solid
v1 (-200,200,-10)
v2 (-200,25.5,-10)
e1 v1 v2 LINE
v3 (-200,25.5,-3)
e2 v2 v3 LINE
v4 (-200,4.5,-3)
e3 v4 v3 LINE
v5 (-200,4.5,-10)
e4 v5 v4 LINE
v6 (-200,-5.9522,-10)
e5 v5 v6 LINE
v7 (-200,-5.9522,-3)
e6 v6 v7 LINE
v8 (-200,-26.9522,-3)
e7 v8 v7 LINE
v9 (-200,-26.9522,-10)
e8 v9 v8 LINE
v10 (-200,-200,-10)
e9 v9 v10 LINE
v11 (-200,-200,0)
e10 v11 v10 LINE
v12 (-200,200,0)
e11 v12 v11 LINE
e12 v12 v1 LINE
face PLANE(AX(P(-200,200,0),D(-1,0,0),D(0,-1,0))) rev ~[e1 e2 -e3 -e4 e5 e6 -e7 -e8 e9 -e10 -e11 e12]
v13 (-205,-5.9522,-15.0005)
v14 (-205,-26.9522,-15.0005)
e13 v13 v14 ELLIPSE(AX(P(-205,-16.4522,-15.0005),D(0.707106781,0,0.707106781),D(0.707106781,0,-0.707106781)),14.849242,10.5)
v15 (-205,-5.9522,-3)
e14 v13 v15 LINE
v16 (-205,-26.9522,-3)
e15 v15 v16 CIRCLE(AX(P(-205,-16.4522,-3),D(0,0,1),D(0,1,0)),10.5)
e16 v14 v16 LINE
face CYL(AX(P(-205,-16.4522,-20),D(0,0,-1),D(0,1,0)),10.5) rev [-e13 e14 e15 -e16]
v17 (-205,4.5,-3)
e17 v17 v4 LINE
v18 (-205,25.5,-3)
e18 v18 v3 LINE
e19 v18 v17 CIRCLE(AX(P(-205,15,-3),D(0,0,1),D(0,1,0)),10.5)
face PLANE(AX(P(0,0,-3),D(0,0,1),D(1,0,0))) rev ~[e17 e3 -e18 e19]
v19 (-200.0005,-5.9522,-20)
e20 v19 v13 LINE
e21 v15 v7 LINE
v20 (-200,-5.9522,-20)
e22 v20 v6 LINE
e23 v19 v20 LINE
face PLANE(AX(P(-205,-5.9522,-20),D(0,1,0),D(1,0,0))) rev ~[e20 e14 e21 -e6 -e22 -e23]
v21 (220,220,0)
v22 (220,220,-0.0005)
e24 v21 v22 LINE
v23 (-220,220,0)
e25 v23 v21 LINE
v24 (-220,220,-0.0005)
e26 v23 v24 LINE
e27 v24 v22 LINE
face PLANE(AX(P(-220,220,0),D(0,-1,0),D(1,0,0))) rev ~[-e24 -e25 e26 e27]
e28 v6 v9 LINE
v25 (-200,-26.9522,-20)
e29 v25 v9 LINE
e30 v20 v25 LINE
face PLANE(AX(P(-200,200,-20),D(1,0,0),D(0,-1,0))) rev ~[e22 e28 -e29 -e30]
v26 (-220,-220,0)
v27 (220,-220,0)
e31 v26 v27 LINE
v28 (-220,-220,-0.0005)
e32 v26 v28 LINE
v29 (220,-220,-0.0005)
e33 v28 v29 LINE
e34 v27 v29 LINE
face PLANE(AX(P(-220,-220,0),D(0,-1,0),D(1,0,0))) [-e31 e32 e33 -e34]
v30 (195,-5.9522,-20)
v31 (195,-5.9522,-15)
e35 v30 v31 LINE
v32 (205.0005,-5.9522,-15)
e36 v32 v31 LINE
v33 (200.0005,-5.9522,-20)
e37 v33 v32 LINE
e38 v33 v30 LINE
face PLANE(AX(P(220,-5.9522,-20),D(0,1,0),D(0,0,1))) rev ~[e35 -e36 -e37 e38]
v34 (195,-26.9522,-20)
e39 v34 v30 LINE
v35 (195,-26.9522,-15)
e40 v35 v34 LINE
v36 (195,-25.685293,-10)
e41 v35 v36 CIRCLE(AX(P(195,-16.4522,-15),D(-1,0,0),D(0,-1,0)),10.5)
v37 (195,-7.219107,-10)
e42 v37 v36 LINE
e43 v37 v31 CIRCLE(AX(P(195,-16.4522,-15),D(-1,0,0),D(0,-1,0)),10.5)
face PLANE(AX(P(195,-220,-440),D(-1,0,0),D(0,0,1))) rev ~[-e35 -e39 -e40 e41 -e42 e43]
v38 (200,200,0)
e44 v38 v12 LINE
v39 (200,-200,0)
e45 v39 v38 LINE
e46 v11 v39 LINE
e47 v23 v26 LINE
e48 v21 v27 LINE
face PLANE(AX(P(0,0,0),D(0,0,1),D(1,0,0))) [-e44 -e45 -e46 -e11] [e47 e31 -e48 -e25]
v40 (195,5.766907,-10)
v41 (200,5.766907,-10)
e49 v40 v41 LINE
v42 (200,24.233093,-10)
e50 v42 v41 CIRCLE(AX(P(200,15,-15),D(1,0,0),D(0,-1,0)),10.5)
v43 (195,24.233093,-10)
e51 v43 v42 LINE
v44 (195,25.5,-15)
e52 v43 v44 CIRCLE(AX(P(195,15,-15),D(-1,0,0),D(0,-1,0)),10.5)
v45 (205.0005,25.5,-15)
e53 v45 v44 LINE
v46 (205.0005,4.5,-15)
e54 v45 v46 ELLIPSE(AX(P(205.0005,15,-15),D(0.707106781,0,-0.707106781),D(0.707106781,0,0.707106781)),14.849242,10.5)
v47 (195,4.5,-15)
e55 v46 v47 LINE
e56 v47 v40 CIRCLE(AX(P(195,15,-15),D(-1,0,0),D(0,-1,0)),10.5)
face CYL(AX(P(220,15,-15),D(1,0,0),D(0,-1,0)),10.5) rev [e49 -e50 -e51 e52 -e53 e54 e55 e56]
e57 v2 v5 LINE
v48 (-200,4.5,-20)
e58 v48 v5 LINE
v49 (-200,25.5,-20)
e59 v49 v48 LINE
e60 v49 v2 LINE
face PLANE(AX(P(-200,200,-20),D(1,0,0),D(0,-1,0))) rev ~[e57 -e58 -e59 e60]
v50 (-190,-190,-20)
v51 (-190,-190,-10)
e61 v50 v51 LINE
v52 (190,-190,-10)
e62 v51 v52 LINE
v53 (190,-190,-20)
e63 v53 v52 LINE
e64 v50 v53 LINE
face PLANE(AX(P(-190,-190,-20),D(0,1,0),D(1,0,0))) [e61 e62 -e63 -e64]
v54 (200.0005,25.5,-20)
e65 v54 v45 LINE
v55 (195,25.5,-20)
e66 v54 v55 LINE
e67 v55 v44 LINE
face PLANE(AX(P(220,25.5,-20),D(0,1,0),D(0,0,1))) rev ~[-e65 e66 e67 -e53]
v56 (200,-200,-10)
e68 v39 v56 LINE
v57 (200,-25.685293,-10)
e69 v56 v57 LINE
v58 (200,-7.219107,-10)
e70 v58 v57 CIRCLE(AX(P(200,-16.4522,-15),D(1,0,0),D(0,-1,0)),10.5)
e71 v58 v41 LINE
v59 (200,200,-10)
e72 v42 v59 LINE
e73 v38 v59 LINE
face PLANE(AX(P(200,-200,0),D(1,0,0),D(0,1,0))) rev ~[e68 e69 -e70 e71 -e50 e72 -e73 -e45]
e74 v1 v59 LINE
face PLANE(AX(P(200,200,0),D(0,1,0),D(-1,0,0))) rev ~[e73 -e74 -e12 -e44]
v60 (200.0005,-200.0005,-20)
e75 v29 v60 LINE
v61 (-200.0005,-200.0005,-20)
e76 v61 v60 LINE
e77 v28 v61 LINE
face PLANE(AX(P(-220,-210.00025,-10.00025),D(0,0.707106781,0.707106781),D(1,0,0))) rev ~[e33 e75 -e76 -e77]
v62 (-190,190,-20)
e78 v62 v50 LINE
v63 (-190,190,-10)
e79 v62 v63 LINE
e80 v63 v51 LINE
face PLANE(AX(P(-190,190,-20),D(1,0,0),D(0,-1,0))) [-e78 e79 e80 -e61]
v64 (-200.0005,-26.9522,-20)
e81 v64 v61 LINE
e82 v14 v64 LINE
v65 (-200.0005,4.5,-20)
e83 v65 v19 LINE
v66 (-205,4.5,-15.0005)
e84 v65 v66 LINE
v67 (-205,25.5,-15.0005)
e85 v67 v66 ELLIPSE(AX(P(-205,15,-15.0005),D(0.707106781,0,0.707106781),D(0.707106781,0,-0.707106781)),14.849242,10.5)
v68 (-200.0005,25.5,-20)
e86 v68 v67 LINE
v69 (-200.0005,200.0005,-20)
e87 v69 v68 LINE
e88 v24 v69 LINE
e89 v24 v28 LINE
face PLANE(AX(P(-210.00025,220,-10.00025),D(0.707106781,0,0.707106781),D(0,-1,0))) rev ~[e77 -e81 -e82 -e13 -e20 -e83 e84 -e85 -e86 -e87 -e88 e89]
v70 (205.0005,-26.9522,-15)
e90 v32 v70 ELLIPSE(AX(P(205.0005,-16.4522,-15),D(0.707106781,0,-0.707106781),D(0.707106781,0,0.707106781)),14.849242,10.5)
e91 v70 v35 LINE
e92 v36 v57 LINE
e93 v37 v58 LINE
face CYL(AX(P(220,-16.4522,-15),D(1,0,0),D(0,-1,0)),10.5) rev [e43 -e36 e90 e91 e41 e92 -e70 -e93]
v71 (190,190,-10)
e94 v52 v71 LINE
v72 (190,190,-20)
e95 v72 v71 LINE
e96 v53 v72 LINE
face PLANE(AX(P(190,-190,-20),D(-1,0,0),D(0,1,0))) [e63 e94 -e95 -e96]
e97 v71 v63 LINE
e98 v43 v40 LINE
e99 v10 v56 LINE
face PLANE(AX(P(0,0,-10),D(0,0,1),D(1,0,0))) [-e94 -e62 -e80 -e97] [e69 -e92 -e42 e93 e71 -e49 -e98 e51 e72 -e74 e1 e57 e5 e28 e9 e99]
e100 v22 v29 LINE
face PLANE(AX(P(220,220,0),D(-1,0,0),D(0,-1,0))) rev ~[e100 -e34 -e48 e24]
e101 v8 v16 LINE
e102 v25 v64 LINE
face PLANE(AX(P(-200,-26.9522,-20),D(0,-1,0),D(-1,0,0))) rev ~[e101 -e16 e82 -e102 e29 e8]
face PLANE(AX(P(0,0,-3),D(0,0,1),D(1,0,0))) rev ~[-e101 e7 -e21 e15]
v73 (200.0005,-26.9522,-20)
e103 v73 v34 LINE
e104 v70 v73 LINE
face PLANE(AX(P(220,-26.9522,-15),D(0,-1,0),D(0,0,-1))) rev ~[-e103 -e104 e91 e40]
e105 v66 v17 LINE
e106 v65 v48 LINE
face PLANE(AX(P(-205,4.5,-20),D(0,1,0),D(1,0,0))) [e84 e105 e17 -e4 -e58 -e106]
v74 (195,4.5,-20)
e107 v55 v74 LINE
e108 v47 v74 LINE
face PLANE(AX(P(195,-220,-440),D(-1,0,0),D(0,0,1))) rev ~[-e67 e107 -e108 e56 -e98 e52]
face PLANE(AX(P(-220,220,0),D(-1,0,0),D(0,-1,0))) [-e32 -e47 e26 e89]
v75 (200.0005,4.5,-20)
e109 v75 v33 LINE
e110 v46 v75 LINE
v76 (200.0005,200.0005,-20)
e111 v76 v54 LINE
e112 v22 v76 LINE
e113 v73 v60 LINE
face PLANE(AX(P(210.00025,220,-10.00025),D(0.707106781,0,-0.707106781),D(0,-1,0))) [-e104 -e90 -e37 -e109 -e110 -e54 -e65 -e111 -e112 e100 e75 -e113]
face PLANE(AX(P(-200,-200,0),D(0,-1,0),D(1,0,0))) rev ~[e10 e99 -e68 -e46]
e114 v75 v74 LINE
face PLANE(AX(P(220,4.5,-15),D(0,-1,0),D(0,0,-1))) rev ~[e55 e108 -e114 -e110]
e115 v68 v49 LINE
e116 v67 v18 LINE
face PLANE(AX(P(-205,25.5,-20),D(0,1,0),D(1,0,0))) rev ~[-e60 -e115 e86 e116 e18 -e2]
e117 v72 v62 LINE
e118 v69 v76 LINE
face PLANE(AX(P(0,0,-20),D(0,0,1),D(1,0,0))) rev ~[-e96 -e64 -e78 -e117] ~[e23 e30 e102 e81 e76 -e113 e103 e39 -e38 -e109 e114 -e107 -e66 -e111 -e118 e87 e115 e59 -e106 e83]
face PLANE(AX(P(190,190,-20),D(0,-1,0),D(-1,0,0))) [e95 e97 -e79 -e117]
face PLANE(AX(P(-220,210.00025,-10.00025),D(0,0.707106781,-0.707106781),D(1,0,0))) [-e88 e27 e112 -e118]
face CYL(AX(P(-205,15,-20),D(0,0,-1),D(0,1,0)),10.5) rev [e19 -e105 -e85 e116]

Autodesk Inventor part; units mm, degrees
ref_plane "YZ Plane" through (0, 0, 0) normal (1, 0, 0) x (0, 1, 0)
ref_plane "XZ Plane" through (0, 0, 0) normal (0, 1, 0) x (-1, 0, 0)
ref_plane "XY Plane" through (0, 0, 0) normal (0, 0, 1) x (1, 0, 0)
sketch "Skizze1" plane through (0, 0, 0) normal (0, 0, 1) x (1, 0, 0)
  line L0 (-220, -220) -> (220, -220) projected
  line L1 (220, 220) -> (220, -220) projected
  line L2 (-220, 220) -> (-220, -220) projected
  line L3 (-220, 220) -> (220, 220) projected
  line L4 (200, 200) -> (-200, 200) projected
  line L5 (-200, 200) -> (-200, -200) projected
  line L6 (-200, -200) -> (200, -200) projected
  line L7 (200, -200) -> (200, 200) projected
  line L8 (220, -220) -> (-220, -220)
  line L9 (-220, -220) -> (-220, 220)
  line L10 (-220, 220) -> (220, 220)
  line L11 (220, 220) -> (220, -220)
  line L12 (200, -200) -> (-200, -200)
  line L13 (-200, -200) -> (-200, 200)
  line L14 (-200, 200) -> (200, 200)
  line L15 (200, 200) -> (200, -200)
  point P0 (0, 0)
extrude "Extrusion1" add sketch "Skizze1" against normal blind 20
chamfer "Fase1" distance 20 angle 45 4 edges at (220, 0, -20) (0, 220, -20) (0, -220, -20) (-220, 0, -20)
ref_plane "Arbeitsebene1" through (0, 0, -20) normal (0, 0, 1) x (1, 0, 0)
sketch "Skizze3" plane through (0, 0, -20) normal (0, 0, 1) x (1, 0, 0)
  arc A0 (-205, 25.5) -> (-205, 4.5) centre (-205, 15) ccw projected
  arc A1 (-205, 25.5) -> (-205, 4.5) centre (-205, 15) ccw projected
  arc A2 (-205, -5.9522) -> (-205, -26.9522) centre (-205, -16.4522) ccw projected
  arc A3 (-205, -5.9522) -> (-205, -26.9522) centre (-205, -16.4522) ccw projected
  arc A4 (-205, -5.9522) -> (-205, -26.9522) centre (-205, -16.4522) ccw projected
  arc A5 (-205, -5.9522) -> (-205, -26.9522) centre (-205, -16.4522) ccw projected
  line L0 (-200, -26.9522) -> (-205, -26.9522) projected
  line L1 (-205, -5.9522) -> (-200, -5.9522) projected
  line L2 (-205, 4.5) -> (-200, 4.5)
  line L3 (-200, -200) -> (-200, 200) projected
  line L4 (-205, 25.5) -> (-200, 25.5)
  line L5 (-205, -5.9522) -> (-200, -5.9522)
  line L6 (-205, -26.9522) -> (-200, -26.9522)
  arc A6 (-205, 25.5) -> (-205, 4.5) centre (-205, 15) ccw
  arc A7 (-205, -5.9522) -> (-205, -26.9522) centre (-205, -16.4522) ccw
  point P0 (0, 0)
extrude "Extrusion2" cut sketch "Skizze3" along normal blind 17
sketch "Skizze5" plane through (0, 0, -20) normal (0, 0, 1) x (1, 0, 0)
  line L0 (-200, -26.9522) -> (-200, -200) projected
  line L1 (-200, -200) -> (200, -200) projected
  line L2 (200, -200) -> (200, 200) projected
  line L3 (-200, 200) -> (200, 200) projected
  line L4 (-200, -200) -> (200, -200)
  line L5 (200, -200) -> (200, 200)
  line L6 (200, 200) -> (-200, 200)
  line L7 (-200, 200) -> (-200, -200)
  line L8 (-190, -190) -> (190, -190)
  line L9 (190, -190) -> (190, 190)
  line L10 (190, 190) -> (-190, 190)
  line L11 (-190, 190) -> (-190, -190)
  point P0 (0, 0)
  dimension "d8" = 10
  dimension "d9" = 10
  dimension "d10" = 10
  dimension "d11" = 10
extrude "Extrusion3" add sketch "Skizze5" along normal blind 10
ref_plane "Arbeitsebene3" through (220, -220, -440) normal (-1, 0, 0) x (0, 0, 1)
sketch "Skizze6" plane through (220, -220, -440) normal (-1, 0, 0) x (0, 0, 1)
  arc A0 (425, 193.0478) -> (425, 214.0478) centre (425, 203.5478) ccw projected
  arc A1 (425, 224.5) -> (425, 245.5) centre (425, 235) ccw projected
  line L0 (425, 224.5) -> (420, 224.5) projected
  line L1 (420, 214.0478) -> (425, 214.0478) projected
  line L2 (425, 193.0478) -> (420, 193.0478) projected
  line L3 (420, 245.5) -> (425, 245.5) projected
  line L4 (420, 193.0478) -> (430, 193.0478) projected
  line L5 (420, 193.0478) -> (425, 193.0478)
  line L6 (420, 214.0478) -> (425, 214.0478)
  line L7 (430, 214.0478) -> (420, 214.0478) projected
  line L8 (420, 245.5) -> (420, 224.5) projected
  line L9 (420, 224.5) -> (425, 224.5)
  line L10 (420, 245.5) -> (425, 245.5)
  line L11 (420, 193.0478) -> (420, 20) projected
  line L12 (420, 193.0478) -> (420, 214.0478)
  line L13 (420, 224.5) -> (420, 245.5)
  arc A2 (425, 193.0478) -> (425, 214.0478) centre (425, 203.5478) ccw
  arc A3 (425, 224.5) -> (425, 245.5) centre (425, 235) ccw
  point P0 (440, 220)
extrude "Extrusion4" cut sketch "Skizze6" along normal blind 25
properties part number "PV_Ramen_CPY_3_21"
